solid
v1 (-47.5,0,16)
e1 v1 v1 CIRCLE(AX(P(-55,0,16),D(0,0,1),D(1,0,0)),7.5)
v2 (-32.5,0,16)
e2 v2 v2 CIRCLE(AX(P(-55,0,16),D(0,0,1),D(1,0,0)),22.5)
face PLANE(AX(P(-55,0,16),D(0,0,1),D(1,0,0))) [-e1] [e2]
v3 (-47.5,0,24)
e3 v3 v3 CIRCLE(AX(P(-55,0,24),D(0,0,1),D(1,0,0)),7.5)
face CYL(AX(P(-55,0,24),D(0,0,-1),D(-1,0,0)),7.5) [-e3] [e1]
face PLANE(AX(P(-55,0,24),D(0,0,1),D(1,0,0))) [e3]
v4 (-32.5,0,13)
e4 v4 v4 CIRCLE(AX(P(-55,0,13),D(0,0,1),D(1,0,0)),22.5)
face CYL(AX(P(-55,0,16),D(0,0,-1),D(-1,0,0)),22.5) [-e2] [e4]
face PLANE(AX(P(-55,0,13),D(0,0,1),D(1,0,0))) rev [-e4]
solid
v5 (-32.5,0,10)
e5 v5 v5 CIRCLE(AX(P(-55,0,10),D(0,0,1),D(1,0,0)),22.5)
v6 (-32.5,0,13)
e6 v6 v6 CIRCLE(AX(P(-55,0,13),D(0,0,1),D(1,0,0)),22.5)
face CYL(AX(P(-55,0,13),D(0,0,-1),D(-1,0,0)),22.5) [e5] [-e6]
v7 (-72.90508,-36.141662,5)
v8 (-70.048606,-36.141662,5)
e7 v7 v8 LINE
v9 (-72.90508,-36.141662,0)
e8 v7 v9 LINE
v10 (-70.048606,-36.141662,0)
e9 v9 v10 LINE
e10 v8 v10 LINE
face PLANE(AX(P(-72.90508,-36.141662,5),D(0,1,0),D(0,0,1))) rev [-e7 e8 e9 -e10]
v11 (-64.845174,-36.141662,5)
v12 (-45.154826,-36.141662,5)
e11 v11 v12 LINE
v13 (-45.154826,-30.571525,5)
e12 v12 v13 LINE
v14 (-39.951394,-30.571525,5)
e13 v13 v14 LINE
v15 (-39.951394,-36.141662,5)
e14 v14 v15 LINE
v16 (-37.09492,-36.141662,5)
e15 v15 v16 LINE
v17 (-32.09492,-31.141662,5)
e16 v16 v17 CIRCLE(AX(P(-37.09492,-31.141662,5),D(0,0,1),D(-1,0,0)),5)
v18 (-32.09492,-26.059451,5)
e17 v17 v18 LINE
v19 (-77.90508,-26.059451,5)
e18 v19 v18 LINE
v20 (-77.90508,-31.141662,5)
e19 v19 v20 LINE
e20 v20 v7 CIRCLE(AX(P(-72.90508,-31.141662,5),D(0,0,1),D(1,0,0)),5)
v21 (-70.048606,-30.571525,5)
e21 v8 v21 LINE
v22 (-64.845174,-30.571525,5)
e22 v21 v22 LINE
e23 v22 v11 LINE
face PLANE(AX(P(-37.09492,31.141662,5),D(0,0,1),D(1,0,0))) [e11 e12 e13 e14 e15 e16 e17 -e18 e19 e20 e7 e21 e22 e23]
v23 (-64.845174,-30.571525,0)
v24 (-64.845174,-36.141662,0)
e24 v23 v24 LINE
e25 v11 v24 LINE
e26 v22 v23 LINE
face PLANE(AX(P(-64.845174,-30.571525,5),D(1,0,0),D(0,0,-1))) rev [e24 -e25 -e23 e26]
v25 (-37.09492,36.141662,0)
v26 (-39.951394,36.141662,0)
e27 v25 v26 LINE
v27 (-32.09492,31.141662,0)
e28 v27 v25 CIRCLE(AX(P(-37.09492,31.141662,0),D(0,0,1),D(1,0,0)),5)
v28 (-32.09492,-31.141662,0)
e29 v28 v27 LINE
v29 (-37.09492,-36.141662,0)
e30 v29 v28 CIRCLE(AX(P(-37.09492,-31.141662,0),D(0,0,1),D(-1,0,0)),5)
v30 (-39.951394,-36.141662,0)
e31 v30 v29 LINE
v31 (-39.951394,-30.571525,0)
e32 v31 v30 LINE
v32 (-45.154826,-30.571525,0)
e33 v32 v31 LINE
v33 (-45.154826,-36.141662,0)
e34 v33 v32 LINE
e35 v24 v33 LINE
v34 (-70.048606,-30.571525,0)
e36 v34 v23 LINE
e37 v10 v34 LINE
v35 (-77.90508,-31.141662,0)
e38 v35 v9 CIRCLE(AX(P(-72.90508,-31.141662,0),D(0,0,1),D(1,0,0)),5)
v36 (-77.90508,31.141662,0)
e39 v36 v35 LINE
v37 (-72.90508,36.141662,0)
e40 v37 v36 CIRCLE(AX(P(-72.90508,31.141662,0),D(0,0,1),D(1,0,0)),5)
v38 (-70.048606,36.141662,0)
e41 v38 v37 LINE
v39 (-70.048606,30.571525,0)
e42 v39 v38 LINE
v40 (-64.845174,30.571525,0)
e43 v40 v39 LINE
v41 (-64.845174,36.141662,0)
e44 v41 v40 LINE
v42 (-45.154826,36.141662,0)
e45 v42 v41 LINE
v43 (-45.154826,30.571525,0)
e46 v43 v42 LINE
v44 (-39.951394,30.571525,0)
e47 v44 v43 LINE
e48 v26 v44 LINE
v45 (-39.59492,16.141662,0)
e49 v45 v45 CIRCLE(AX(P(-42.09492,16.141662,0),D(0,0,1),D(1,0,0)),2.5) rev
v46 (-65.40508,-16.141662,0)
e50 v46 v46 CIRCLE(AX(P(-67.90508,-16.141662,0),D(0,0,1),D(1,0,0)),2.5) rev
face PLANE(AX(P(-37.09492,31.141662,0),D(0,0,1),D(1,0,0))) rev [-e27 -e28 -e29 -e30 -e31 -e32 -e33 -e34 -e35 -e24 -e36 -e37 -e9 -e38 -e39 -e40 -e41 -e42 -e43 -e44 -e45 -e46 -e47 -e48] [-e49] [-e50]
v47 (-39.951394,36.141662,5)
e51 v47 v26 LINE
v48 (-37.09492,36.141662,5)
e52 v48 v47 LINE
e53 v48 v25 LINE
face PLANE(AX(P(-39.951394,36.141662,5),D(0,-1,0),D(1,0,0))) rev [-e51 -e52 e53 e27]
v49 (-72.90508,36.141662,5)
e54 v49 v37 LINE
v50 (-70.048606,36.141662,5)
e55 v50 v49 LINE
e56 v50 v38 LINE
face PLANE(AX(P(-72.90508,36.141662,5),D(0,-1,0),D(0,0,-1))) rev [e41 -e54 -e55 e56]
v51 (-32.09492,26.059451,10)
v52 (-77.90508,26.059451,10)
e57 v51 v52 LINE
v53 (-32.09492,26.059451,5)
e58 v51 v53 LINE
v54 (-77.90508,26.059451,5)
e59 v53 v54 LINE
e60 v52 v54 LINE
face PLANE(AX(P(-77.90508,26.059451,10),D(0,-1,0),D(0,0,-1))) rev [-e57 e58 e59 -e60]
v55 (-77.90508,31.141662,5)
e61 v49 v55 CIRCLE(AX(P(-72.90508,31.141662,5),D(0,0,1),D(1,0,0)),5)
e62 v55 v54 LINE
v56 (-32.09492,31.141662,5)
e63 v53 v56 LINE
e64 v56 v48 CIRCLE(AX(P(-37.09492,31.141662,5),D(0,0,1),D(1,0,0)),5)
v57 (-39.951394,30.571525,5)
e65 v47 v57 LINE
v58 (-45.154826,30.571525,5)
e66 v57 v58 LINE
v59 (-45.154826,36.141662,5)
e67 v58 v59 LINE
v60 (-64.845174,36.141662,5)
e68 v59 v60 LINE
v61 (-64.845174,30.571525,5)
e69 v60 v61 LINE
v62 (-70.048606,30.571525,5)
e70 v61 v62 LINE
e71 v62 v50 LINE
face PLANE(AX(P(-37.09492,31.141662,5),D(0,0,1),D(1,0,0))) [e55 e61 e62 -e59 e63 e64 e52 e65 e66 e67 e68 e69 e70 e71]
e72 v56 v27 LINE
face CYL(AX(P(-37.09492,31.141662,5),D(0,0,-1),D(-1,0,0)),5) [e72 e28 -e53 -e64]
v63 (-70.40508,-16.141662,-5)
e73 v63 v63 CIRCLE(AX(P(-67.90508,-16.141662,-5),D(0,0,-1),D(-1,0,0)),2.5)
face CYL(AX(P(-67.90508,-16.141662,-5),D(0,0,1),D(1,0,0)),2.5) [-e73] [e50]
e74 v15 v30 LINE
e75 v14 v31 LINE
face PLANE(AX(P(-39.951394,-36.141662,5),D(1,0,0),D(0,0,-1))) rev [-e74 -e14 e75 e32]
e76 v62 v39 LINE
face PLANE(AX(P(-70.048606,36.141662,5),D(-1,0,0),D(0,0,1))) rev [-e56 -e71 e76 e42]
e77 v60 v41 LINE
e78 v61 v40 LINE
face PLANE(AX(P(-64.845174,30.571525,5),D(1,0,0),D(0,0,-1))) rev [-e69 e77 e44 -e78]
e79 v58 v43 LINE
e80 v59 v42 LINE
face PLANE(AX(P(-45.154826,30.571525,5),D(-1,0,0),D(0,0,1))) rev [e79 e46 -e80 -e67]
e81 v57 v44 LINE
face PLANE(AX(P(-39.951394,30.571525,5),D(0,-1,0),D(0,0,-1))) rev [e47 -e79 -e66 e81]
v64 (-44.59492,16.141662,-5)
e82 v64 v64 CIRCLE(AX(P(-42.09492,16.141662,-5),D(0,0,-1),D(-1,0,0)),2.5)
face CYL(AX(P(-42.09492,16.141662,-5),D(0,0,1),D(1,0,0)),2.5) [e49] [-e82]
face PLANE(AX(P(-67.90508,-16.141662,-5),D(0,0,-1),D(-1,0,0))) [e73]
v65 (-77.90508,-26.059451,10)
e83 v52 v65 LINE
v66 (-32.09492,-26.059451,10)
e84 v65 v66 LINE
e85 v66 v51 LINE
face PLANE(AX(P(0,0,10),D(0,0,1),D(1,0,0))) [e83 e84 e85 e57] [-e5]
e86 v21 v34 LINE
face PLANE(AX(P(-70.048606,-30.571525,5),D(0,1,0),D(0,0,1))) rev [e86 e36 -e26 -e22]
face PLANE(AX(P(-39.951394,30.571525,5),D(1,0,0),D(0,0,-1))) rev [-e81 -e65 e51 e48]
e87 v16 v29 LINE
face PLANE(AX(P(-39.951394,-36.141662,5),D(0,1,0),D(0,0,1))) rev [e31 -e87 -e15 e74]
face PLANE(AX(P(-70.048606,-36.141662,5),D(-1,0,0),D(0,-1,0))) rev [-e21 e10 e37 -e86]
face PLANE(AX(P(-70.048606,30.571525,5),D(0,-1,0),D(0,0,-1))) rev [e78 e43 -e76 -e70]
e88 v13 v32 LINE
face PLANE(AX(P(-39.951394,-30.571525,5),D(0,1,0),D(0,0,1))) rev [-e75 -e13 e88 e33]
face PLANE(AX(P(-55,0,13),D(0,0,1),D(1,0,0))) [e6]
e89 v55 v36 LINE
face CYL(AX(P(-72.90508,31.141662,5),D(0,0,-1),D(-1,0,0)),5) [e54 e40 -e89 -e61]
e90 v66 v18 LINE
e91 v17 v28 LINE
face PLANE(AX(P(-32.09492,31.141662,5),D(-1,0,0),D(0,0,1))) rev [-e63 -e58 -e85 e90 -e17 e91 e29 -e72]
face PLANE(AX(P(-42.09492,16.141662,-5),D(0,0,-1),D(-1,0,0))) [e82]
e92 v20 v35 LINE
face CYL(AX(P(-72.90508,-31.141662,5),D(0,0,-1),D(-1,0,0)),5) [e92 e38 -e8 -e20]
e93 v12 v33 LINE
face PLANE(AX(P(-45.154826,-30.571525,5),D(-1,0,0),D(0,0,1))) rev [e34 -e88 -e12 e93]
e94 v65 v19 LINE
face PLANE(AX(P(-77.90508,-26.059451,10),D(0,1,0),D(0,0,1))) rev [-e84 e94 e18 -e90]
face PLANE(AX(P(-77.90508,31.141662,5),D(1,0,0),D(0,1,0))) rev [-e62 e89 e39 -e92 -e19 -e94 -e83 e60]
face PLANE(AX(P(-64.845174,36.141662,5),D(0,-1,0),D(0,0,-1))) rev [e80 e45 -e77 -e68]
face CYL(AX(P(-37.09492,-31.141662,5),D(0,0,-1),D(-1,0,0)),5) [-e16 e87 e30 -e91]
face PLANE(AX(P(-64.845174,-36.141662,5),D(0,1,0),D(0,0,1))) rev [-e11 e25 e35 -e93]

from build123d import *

# Parameters (mm, degrees)
BOSS_EXTRUDE1_DEPTH = 5
SKETCH2_W           = 45.810159344
SKETCH2_H           = 52.118901322
BOSS_EXTRUDE2_DEPTH = 5
SKETCH3_R           = 22.5
BOSS_EXTRUDE3_DEPTH = 3
SKETCH4_R           = 22.5
BOSS_EXTRUDE4_DEPTH = 3
SKETCH5_R           = 7.5
BOSS_EXTRUDE5_DEPTH = 8
SKETCH6_R           = 2.5
BOSS_EXTRUDE6_DEPTH = 5


with BuildPart() as part:
    # Sketch1 → Boss-Extrude1 (new body)
    with BuildSketch(Plane.XY):
        with BuildLine():
            Line((-70.048605571, 36.141662037), (-70.048605571, 30.571525081))
            Line((-70.048605571, 30.571525081), (-64.84517384, 30.571525081))
            Line((-64.84517384, 30.571525081), (-64.84517384, 36.141662037))
            Line((-64.84517384, 36.141662037), (-45.15482616, 36.141662037))
            Line((-45.15482616, 36.141662037), (-45.15482616, 30.571525081))
            Line((-45.15482616, 30.571525081), (-39.951394429, 30.571525081))
            Line((-39.951394429, 30.571525081), (-39.951394429, 36.141662037))
            Line((-39.951394429, 36.141662037), (-37.094920328, 36.141662037))
            ThreePointArc((-37.094920328, 36.141662037), (-33.559386422, 34.677195943), (-32.094920328, 31.141662037))
            Line((-32.094920328, 31.141662037), (-32.094920328, -31.141662037))
            ThreePointArc((-32.094920328, -31.141662037), (-33.559386422, -34.677195943), (-37.094920328, -36.141662037))
            Line((-37.094920328, -36.141662037), (-39.951394429, -36.141662037))
            Line((-39.951394429, -36.141662037), (-39.951394429, -30.571525081))
            Line((-39.951394429, -30.571525081), (-45.15482616, -30.571525081))
            Line((-45.15482616, -30.571525081), (-45.15482616, -36.141662037))
            Line((-45.15482616, -36.141662037), (-64.84517384, -36.141662037))
            Line((-64.84517384, -36.141662037), (-64.84517384, -30.571525081))
            Line((-64.84517384, -30.571525081), (-70.048605571, -30.571525081))
            Line((-70.048605571, -30.571525081), (-70.048605571, -36.141662037))
            Line((-70.048605571, -36.141662037), (-72.905079672, -36.141662037))
            ThreePointArc((-72.905079672, -36.141662037), (-76.440613578, -34.677195943), (-77.905079672, -31.141662037))
            Line((-77.905079672, -31.141662037), (-77.905079672, 31.141662037))
            ThreePointArc((-77.905079672, 31.141662037), (-76.440613578, 34.677195943), (-72.905079672, 36.141662037))
            Line((-72.905079672, 36.141662037), (-70.048605571, 36.141662037))
        make_face()
    extrude(amount=BOSS_EXTRUDE1_DEPTH)

    # Sketch2 → Boss-Extrude2 (add)
    with BuildSketch(Plane.XY.offset(5)):
        with Locations((-55, 0)):
            Rectangle(SKETCH2_W, SKETCH2_H)
    extrude(amount=BOSS_EXTRUDE2_DEPTH)

    # Sketch3 → Boss-Extrude3 (add)
    with BuildSketch(Plane.XY.offset(10)):
        with Locations((-55, 0)):
            Circle(SKETCH3_R)
    extrude(amount=BOSS_EXTRUDE3_DEPTH)

    # Sketch6 → Boss-Extrude6 (add)
    with BuildSketch(Plane(origin=(0, 0, 0), x_dir=(-1, 0, 0), z_dir=(0, 0, -1))):
        with Locations(Location((42.094920328, 16.141662037, 0), (0, 0, 180))):
            Circle(SKETCH6_R)
        with Locations(Location((67.905079672, -16.141662037, 0), (0, 0, 180))):
            Circle(SKETCH6_R)
    extrude(amount=BOSS_EXTRUDE6_DEPTH)


with BuildPart() as body_2:
    # Sketch4 → Boss-Extrude4 (new body)
    with BuildSketch(Plane.XY.offset(13)):
        with Locations((-55, 0)):
            Circle(SKETCH4_R)
    extrude(amount=BOSS_EXTRUDE4_DEPTH)

    # Sketch5 → Boss-Extrude5 (add)
    with BuildSketch(Plane.XY.offset(16)):
        with Locations((-55, 0)):
            Circle(SKETCH5_R)
    extrude(amount=BOSS_EXTRUDE5_DEPTH)


solid = Compound([part.part, body_2.part])
